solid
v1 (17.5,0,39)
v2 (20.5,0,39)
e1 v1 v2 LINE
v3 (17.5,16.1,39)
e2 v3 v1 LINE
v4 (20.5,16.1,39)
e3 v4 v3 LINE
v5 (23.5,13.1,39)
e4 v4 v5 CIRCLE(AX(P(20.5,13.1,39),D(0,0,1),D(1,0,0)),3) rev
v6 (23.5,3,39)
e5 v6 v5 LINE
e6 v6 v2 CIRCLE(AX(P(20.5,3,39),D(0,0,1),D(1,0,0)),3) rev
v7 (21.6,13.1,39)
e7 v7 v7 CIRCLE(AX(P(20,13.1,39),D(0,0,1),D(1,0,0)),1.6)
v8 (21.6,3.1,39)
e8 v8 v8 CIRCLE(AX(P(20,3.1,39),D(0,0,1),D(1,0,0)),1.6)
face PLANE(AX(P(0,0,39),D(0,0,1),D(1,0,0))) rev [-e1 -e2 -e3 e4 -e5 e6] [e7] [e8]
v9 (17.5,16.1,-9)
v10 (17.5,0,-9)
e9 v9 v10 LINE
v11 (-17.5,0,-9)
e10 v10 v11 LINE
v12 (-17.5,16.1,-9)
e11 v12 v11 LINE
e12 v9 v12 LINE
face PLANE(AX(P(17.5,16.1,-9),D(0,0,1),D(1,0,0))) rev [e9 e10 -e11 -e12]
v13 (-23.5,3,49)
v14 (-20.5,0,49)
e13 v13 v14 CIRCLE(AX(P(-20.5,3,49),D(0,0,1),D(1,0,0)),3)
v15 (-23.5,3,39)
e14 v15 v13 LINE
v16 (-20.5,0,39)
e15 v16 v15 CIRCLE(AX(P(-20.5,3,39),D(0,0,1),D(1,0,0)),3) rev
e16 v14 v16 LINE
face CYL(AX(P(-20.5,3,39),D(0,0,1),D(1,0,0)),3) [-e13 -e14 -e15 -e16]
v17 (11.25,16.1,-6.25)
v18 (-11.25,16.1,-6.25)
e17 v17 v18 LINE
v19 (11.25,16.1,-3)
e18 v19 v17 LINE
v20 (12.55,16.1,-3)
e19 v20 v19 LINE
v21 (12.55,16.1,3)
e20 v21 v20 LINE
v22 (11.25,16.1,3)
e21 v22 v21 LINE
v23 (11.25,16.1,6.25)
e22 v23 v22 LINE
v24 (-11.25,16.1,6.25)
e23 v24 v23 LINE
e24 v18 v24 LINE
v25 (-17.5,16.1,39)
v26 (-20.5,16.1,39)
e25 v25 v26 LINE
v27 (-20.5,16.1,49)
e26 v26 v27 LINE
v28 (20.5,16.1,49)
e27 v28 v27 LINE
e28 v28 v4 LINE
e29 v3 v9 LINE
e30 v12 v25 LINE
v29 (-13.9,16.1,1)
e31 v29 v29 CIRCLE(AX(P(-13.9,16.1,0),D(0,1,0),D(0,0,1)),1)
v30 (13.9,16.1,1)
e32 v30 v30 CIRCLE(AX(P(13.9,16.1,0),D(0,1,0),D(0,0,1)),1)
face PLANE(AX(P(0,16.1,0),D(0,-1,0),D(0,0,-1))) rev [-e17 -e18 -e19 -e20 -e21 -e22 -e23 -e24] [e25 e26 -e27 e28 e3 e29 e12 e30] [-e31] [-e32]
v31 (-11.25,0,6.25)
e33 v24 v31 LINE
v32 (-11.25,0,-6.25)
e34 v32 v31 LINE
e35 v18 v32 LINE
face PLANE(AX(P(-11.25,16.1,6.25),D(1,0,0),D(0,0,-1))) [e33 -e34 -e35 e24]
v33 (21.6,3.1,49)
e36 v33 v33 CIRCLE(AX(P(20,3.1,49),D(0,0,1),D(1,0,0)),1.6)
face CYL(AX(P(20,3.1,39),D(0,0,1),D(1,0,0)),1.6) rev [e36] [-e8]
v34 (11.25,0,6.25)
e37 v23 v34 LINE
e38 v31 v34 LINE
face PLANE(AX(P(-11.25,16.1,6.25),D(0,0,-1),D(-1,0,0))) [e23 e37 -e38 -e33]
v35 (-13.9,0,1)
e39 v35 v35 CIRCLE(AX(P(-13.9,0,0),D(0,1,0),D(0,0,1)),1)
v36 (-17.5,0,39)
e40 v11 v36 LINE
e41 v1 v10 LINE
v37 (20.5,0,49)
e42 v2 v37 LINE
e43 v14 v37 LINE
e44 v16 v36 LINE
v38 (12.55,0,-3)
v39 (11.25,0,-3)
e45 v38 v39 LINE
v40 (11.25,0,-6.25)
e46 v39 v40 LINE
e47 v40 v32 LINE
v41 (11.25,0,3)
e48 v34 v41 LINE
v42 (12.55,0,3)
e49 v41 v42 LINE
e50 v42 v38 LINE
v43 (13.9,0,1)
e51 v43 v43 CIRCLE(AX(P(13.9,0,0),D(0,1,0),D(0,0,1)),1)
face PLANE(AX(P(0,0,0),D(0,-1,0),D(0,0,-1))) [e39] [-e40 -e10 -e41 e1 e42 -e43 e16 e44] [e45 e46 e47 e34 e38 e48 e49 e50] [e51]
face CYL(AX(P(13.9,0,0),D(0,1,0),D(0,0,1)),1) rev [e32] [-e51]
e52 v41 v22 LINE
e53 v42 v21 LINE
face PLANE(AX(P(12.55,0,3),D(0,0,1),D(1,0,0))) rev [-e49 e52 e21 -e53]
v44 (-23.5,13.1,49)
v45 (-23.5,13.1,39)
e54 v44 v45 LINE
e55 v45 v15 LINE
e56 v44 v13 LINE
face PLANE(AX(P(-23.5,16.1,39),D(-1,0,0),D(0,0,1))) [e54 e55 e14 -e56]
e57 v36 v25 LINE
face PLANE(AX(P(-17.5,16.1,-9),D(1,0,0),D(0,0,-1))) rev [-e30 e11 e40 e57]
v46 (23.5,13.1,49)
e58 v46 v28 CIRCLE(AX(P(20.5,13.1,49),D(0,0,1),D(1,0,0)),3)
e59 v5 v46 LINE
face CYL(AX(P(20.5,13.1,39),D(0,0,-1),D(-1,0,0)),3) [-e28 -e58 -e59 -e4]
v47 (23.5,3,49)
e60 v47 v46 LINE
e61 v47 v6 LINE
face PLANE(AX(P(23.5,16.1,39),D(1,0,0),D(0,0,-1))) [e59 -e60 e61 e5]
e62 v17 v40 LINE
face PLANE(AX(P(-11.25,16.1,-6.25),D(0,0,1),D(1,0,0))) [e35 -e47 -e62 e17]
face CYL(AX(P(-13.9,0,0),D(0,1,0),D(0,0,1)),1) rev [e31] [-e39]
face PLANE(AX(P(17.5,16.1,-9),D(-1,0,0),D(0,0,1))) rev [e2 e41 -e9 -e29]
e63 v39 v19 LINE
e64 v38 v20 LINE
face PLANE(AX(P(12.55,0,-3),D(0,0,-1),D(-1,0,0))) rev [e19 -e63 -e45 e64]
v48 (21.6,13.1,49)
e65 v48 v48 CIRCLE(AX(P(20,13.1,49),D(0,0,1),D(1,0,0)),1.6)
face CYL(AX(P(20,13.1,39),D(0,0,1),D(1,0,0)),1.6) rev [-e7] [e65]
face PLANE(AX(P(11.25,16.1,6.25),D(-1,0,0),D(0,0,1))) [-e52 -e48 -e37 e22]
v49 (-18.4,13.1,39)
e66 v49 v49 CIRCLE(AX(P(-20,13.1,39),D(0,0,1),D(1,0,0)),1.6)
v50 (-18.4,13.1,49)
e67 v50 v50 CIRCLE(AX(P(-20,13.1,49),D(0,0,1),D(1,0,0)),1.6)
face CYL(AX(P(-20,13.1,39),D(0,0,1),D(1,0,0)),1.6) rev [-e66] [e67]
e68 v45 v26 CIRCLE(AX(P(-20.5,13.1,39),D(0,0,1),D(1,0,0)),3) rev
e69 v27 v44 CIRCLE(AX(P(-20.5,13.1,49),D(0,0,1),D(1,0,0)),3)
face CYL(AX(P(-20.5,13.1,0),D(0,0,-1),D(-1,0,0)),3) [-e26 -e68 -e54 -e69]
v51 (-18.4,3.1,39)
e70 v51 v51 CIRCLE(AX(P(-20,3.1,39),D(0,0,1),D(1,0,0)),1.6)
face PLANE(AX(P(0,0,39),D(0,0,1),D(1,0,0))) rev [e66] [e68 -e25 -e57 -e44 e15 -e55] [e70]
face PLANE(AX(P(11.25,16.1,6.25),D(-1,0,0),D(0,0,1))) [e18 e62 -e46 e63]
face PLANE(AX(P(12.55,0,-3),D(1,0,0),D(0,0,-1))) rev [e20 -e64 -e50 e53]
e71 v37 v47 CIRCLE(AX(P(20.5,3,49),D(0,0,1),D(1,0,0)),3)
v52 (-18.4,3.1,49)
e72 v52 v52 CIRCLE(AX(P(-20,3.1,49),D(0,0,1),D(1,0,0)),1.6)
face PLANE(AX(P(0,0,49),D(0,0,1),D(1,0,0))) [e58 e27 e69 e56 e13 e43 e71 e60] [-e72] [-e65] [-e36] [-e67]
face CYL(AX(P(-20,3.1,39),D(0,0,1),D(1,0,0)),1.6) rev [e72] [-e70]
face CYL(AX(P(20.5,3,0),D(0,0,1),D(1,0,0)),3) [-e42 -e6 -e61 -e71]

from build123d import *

# Parameters (mm, degrees)
SKETCH_2_W          = 35
SKETCH_2_H          = 18
SKETCH_2_W_2        = 22.5
SKETCH_2_H_2        = 12.5
EXTRUDE_1_DEPTH     = 16.1
SKETCH_3_R          = 1
CUT_EXTRUDE_1_DEPTH = 26.425577673
SKETCH_8_W          = 1.3
SKETCH_8_H          = 6
CUT_EXTRUDE_2_DEPTH = 26.425577673
SKETCH_9_W          = 6
SKETCH_9_H          = 16.1
SKETCH_9_R          = 1.6
EXTRUDE_4_DEPTH     = 10
EXTRUDE_4_2_DEPTH   = 10
SKETCH_10_W         = 35
SKETCH_10_H         = 16.1
EXTRUDE_5_DEPTH     = 40
FILLET_1_R          = 3


with BuildPart() as part:
    # 草图2 → 凸台-拉伸1 (new body)
    with BuildSketch(Plane(origin=(0, 0, 0), x_dir=(1, 0, 0), z_dir=(0, 1, 0))):
        Rectangle(SKETCH_2_W, SKETCH_2_H)
        Rectangle(SKETCH_2_W_2, SKETCH_2_H_2, mode=Mode.SUBTRACT)
    extrude(amount=EXTRUDE_1_DEPTH)

    # 草图3 → 切除-拉伸1 (cut, through all)
    with BuildSketch(Plane(origin=(0, 16.1, 0), x_dir=(1, 0, 0), z_dir=(0, 1, 0))):
        with Locations(Location((-13.9, 0, 0), (0, 0, 270))):
            Circle(SKETCH_3_R)
        with Locations(Location((13.9, 0, 0), (0, 0, 270))):
            Circle(SKETCH_3_R)
    extrude(amount=-CUT_EXTRUDE_1_DEPTH, mode=Mode.SUBTRACT)

    # 草图8 → 切除-拉伸2 (cut, through all)
    with BuildSketch(Plane(origin=(0, 16.1, 0), x_dir=(1, 0, 0), z_dir=(0, 1, 0))):
        with Locations((11.9, 0)):
            Rectangle(SKETCH_8_W, SKETCH_8_H)
    extrude(amount=-CUT_EXTRUDE_2_DEPTH, mode=Mode.SUBTRACT)



with BuildPart() as body_2:
    # 草图9 → 凸台-拉伸4 (new body)
    with BuildSketch(Plane.XY.offset(49)):
        with Locations((20.5, 8.05)):
            Rectangle(SKETCH_9_W, SKETCH_9_H)
        with Locations((20, 3.1)):
            Circle(SKETCH_9_R, mode=Mode.SUBTRACT)
        with Locations((20, 13.1)):
            Circle(SKETCH_9_R, mode=Mode.SUBTRACT)
    extrude(amount=-EXTRUDE_4_DEPTH)


with BuildPart() as body_3:
    # 草图9 → Extrude 4 2 (new body)
    with BuildSketch(Plane.XY.offset(49)):
        with Locations((-20.5, 8.05)):
            Rectangle(SKETCH_9_W, SKETCH_9_H)
        with Locations((-20, 3.1)):
            Circle(SKETCH_9_R, mode=Mode.SUBTRACT)
        with Locations((-20, 13.1)):
            Circle(SKETCH_9_R, mode=Mode.SUBTRACT)
    extrude(amount=-EXTRUDE_4_2_DEPTH)


with BuildPart() as part_1:
    add(part.part)

    add(body_2.part)  # 凸台-拉伸5 merges body 2

    add(body_3.part)  # 凸台-拉伸5 merges body 3
    # 草图10 → 凸台-拉伸5 (add)
    with BuildSketch(Plane.XY.offset(49)):
        with Locations((0, 8.05)):
            Rectangle(SKETCH_10_W, SKETCH_10_H)
    extrude(amount=-EXTRUDE_5_DEPTH)

    # 圆角1
    fillet_1_edges = [part_1.edges().sort_by_distance(p)[0] for p in [
        (23.5, 16.1, 44),
        (23.5, 0, 44),
        (-23.5, 16.1, 44),
        (-23.5, 0, 44),
    ]]
    fillet(fillet_1_edges, radius=FILLET_1_R)


solid = part_1.part
